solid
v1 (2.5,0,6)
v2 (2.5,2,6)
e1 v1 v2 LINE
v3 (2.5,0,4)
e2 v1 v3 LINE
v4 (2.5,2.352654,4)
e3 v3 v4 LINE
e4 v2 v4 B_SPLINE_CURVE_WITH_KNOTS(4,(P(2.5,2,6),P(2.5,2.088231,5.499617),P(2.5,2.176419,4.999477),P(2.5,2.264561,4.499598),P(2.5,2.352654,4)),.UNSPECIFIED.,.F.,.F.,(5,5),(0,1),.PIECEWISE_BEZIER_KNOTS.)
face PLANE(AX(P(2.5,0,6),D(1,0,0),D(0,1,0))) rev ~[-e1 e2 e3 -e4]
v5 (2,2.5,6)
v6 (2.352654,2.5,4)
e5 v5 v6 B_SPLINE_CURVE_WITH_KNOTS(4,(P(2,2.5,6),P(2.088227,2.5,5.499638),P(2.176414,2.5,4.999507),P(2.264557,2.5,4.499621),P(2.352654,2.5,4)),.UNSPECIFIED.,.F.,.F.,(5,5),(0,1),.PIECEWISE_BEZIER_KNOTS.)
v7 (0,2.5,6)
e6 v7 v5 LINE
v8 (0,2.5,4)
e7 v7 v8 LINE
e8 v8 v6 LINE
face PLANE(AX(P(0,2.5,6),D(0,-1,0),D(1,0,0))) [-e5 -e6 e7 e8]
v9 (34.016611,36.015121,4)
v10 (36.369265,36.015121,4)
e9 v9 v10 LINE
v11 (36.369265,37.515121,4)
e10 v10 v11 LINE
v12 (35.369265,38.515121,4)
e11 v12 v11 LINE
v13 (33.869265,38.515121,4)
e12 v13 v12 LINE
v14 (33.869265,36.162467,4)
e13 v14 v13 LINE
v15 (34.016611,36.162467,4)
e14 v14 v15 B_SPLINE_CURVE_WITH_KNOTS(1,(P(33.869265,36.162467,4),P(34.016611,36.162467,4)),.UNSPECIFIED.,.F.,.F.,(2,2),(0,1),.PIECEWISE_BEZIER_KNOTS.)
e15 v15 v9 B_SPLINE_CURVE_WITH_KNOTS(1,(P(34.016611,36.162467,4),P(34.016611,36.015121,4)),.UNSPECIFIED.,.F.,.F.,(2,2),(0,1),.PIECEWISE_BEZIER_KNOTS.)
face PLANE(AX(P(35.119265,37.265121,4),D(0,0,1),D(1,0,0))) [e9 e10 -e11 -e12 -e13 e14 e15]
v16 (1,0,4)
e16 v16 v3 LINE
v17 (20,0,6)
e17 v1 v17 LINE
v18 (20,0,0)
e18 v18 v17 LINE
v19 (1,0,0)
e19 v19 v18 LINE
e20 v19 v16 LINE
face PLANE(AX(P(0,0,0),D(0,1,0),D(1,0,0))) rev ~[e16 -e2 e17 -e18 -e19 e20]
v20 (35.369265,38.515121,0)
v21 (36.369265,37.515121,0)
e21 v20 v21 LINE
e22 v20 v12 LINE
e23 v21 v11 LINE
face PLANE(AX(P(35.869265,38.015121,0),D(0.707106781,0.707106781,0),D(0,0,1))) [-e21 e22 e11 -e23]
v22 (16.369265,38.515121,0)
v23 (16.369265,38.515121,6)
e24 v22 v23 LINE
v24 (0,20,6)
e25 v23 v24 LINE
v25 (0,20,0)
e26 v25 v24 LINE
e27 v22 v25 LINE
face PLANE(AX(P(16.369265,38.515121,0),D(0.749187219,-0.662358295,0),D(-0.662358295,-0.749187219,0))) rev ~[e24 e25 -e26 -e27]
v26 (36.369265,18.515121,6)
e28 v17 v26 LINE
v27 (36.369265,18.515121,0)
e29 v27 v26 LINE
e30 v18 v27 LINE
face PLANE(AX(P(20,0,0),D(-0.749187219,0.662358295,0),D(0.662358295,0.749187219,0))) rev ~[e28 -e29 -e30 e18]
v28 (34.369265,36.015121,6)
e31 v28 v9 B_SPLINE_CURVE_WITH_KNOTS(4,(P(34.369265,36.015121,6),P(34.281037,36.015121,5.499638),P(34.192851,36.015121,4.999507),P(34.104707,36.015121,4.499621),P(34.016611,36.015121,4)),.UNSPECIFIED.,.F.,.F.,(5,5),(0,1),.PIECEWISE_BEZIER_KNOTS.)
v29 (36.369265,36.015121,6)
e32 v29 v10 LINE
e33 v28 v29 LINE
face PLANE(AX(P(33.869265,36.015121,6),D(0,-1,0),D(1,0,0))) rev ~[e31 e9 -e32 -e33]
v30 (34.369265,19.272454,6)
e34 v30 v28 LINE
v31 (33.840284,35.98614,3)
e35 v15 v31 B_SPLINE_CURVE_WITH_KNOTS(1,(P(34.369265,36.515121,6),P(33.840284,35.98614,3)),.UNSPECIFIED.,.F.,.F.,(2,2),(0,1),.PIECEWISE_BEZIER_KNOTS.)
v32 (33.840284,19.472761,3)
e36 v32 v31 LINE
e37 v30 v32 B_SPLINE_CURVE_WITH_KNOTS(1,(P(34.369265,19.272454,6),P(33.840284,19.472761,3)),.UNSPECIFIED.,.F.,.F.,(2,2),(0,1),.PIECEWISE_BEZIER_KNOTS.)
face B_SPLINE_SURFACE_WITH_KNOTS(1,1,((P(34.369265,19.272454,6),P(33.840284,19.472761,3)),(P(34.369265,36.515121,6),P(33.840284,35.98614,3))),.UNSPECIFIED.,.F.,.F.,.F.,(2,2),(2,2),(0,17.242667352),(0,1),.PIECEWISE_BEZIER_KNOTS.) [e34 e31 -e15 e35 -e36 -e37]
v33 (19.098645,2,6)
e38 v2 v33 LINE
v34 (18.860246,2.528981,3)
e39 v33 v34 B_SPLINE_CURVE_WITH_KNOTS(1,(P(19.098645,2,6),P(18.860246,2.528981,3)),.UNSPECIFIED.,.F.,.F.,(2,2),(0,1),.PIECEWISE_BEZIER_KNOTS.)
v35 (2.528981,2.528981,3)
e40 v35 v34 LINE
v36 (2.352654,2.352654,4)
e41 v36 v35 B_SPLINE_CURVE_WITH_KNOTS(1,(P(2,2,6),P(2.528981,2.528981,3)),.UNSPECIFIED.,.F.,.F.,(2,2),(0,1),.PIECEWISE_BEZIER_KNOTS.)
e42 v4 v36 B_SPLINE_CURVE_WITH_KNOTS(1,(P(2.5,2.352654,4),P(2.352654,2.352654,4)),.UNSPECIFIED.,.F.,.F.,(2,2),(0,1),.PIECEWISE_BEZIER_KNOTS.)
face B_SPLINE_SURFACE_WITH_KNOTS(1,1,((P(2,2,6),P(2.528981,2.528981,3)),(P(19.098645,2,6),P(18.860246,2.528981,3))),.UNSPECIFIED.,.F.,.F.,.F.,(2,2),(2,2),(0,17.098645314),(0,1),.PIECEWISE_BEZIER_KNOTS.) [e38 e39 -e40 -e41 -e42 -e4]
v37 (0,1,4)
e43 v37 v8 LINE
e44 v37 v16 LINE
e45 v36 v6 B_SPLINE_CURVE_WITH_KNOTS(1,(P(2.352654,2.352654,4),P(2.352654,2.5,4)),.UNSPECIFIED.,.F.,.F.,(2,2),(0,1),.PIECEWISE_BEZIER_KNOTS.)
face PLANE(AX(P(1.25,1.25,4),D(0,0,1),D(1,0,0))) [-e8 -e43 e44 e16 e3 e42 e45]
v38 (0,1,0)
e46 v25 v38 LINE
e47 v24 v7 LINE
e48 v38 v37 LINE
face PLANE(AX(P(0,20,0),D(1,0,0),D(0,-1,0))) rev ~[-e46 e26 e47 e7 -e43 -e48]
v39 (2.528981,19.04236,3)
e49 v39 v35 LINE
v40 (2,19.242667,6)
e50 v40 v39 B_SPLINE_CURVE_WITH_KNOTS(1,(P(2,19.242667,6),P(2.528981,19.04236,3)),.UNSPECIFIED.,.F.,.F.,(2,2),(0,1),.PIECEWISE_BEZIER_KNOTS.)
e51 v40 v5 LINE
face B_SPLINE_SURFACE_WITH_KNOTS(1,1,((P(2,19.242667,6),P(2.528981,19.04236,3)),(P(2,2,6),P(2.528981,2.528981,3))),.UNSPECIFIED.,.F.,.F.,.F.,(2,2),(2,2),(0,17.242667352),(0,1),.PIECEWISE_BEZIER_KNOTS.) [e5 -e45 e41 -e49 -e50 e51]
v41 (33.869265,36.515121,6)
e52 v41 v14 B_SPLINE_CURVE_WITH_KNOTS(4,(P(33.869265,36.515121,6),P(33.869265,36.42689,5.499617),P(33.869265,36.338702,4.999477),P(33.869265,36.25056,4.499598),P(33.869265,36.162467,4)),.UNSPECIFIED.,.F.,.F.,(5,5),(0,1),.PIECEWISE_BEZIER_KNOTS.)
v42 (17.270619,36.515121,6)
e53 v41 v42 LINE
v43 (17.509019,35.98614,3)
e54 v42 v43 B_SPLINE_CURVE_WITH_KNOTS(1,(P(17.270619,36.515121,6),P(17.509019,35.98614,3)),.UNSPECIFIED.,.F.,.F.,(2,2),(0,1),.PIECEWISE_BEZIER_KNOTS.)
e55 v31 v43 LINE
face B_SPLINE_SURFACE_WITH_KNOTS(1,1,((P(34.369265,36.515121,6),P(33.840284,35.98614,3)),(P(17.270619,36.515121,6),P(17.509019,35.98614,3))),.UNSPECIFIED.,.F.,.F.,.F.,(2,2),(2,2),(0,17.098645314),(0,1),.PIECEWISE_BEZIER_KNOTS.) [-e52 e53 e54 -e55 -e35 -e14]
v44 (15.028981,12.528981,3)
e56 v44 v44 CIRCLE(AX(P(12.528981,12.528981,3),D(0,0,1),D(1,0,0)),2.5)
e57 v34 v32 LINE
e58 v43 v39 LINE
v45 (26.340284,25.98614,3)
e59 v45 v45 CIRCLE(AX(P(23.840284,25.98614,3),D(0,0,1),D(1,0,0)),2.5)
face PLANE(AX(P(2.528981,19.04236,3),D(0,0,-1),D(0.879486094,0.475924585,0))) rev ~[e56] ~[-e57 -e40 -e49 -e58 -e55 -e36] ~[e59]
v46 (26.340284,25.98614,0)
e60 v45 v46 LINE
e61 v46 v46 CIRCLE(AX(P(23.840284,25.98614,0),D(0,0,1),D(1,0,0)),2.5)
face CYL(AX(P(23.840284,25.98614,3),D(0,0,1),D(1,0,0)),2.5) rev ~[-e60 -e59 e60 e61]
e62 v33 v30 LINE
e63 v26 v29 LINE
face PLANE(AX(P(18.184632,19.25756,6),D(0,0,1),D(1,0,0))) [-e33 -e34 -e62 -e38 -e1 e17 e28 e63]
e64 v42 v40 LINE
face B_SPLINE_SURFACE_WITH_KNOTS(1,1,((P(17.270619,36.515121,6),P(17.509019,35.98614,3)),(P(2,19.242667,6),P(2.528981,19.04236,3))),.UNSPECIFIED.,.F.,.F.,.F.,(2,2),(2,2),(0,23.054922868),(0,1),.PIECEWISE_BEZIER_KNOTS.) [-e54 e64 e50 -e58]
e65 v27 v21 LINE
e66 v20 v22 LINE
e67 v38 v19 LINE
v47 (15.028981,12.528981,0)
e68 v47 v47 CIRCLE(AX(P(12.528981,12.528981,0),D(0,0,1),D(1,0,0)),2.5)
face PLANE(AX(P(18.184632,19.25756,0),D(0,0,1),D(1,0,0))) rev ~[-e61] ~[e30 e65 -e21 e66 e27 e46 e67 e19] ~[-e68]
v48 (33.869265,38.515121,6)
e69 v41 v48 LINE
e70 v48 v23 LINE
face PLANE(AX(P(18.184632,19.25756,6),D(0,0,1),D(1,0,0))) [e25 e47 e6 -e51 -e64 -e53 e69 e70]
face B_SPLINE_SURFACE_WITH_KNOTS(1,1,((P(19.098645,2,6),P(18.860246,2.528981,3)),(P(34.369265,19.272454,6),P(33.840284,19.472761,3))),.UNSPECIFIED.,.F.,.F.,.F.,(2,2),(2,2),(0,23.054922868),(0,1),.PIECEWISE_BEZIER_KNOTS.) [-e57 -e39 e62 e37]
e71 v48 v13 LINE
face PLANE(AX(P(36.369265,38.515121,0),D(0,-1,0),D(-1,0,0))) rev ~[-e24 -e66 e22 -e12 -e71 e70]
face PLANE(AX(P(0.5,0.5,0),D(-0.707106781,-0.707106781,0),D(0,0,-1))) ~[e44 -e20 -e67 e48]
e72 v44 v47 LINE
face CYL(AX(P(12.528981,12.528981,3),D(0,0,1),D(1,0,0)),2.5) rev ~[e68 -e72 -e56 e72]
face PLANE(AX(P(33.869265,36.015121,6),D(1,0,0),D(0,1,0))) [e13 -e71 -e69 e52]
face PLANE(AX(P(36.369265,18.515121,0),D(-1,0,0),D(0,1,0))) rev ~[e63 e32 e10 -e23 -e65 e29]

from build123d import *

# Parameters (mm, degrees)
F1_DEPTH = 6
F3_DEPTH = 3
F3_TAPER = 10
F4_SIZE  = 1
F5_W     = 2.5
F5_H     = 2.5
F6_DEPTH = 2
F7_R     = 2.5
F8_DEPTH = 3


with BuildPart() as f1:
    # F0 (on Top) → F1 (new body)
    with BuildSketch(Plane.XY):
        Polygon((0, 20), (0, 0), (20, 0), (36.3692647093, 18.5151209051), (36.3692647093, 38.5151209051), (16.3692647093, 38.5151209051), align=None)
    extrude(amount=F1_DEPTH)

    # F2 (on face) → F3 (cut)
    with BuildSketch(Plane.XY.offset(6)):
        Polygon((2, 19.2426673516), (2, 2), (19.0986453142, 2), (34.3692647093, 19.2724535535), (34.3692647093, 36.5151209051), (17.2706193952, 36.5151209051), align=None)
    extrude(amount=-F3_DEPTH, taper=F3_TAPER, mode=Mode.SUBTRACT)

    # F4
    f4_edges = [f1.edges().sort_by_distance(p)[0] for p in [
        (0, 0, 3),
        (36.369265, 38.515121, 3),
    ]]
    chamfer(f4_edges, length=F4_SIZE)

    # F5 (on face) → F6 (cut)
    with BuildSketch(Plane.XY.offset(6)):
        with Locations((1.25, 1.25)):
            Rectangle(F5_W, F5_H)
        with Locations((35.1192647093, 37.2651209051)):
            Rectangle(F5_W, F5_H)
    extrude(amount=-F6_DEPTH, mode=Mode.SUBTRACT)

    # F7 (on face) → F8 (cut, through all)
    with BuildSketch(Plane.XY.offset(3)):
        with Locations((12.5289809421, 12.5289809421)):
            Circle(F7_R)
        with Locations((23.8402837672, 25.9861399629)):
            Circle(F7_R)
    extrude(amount=-F8_DEPTH, mode=Mode.SUBTRACT)


solid = f1.part
